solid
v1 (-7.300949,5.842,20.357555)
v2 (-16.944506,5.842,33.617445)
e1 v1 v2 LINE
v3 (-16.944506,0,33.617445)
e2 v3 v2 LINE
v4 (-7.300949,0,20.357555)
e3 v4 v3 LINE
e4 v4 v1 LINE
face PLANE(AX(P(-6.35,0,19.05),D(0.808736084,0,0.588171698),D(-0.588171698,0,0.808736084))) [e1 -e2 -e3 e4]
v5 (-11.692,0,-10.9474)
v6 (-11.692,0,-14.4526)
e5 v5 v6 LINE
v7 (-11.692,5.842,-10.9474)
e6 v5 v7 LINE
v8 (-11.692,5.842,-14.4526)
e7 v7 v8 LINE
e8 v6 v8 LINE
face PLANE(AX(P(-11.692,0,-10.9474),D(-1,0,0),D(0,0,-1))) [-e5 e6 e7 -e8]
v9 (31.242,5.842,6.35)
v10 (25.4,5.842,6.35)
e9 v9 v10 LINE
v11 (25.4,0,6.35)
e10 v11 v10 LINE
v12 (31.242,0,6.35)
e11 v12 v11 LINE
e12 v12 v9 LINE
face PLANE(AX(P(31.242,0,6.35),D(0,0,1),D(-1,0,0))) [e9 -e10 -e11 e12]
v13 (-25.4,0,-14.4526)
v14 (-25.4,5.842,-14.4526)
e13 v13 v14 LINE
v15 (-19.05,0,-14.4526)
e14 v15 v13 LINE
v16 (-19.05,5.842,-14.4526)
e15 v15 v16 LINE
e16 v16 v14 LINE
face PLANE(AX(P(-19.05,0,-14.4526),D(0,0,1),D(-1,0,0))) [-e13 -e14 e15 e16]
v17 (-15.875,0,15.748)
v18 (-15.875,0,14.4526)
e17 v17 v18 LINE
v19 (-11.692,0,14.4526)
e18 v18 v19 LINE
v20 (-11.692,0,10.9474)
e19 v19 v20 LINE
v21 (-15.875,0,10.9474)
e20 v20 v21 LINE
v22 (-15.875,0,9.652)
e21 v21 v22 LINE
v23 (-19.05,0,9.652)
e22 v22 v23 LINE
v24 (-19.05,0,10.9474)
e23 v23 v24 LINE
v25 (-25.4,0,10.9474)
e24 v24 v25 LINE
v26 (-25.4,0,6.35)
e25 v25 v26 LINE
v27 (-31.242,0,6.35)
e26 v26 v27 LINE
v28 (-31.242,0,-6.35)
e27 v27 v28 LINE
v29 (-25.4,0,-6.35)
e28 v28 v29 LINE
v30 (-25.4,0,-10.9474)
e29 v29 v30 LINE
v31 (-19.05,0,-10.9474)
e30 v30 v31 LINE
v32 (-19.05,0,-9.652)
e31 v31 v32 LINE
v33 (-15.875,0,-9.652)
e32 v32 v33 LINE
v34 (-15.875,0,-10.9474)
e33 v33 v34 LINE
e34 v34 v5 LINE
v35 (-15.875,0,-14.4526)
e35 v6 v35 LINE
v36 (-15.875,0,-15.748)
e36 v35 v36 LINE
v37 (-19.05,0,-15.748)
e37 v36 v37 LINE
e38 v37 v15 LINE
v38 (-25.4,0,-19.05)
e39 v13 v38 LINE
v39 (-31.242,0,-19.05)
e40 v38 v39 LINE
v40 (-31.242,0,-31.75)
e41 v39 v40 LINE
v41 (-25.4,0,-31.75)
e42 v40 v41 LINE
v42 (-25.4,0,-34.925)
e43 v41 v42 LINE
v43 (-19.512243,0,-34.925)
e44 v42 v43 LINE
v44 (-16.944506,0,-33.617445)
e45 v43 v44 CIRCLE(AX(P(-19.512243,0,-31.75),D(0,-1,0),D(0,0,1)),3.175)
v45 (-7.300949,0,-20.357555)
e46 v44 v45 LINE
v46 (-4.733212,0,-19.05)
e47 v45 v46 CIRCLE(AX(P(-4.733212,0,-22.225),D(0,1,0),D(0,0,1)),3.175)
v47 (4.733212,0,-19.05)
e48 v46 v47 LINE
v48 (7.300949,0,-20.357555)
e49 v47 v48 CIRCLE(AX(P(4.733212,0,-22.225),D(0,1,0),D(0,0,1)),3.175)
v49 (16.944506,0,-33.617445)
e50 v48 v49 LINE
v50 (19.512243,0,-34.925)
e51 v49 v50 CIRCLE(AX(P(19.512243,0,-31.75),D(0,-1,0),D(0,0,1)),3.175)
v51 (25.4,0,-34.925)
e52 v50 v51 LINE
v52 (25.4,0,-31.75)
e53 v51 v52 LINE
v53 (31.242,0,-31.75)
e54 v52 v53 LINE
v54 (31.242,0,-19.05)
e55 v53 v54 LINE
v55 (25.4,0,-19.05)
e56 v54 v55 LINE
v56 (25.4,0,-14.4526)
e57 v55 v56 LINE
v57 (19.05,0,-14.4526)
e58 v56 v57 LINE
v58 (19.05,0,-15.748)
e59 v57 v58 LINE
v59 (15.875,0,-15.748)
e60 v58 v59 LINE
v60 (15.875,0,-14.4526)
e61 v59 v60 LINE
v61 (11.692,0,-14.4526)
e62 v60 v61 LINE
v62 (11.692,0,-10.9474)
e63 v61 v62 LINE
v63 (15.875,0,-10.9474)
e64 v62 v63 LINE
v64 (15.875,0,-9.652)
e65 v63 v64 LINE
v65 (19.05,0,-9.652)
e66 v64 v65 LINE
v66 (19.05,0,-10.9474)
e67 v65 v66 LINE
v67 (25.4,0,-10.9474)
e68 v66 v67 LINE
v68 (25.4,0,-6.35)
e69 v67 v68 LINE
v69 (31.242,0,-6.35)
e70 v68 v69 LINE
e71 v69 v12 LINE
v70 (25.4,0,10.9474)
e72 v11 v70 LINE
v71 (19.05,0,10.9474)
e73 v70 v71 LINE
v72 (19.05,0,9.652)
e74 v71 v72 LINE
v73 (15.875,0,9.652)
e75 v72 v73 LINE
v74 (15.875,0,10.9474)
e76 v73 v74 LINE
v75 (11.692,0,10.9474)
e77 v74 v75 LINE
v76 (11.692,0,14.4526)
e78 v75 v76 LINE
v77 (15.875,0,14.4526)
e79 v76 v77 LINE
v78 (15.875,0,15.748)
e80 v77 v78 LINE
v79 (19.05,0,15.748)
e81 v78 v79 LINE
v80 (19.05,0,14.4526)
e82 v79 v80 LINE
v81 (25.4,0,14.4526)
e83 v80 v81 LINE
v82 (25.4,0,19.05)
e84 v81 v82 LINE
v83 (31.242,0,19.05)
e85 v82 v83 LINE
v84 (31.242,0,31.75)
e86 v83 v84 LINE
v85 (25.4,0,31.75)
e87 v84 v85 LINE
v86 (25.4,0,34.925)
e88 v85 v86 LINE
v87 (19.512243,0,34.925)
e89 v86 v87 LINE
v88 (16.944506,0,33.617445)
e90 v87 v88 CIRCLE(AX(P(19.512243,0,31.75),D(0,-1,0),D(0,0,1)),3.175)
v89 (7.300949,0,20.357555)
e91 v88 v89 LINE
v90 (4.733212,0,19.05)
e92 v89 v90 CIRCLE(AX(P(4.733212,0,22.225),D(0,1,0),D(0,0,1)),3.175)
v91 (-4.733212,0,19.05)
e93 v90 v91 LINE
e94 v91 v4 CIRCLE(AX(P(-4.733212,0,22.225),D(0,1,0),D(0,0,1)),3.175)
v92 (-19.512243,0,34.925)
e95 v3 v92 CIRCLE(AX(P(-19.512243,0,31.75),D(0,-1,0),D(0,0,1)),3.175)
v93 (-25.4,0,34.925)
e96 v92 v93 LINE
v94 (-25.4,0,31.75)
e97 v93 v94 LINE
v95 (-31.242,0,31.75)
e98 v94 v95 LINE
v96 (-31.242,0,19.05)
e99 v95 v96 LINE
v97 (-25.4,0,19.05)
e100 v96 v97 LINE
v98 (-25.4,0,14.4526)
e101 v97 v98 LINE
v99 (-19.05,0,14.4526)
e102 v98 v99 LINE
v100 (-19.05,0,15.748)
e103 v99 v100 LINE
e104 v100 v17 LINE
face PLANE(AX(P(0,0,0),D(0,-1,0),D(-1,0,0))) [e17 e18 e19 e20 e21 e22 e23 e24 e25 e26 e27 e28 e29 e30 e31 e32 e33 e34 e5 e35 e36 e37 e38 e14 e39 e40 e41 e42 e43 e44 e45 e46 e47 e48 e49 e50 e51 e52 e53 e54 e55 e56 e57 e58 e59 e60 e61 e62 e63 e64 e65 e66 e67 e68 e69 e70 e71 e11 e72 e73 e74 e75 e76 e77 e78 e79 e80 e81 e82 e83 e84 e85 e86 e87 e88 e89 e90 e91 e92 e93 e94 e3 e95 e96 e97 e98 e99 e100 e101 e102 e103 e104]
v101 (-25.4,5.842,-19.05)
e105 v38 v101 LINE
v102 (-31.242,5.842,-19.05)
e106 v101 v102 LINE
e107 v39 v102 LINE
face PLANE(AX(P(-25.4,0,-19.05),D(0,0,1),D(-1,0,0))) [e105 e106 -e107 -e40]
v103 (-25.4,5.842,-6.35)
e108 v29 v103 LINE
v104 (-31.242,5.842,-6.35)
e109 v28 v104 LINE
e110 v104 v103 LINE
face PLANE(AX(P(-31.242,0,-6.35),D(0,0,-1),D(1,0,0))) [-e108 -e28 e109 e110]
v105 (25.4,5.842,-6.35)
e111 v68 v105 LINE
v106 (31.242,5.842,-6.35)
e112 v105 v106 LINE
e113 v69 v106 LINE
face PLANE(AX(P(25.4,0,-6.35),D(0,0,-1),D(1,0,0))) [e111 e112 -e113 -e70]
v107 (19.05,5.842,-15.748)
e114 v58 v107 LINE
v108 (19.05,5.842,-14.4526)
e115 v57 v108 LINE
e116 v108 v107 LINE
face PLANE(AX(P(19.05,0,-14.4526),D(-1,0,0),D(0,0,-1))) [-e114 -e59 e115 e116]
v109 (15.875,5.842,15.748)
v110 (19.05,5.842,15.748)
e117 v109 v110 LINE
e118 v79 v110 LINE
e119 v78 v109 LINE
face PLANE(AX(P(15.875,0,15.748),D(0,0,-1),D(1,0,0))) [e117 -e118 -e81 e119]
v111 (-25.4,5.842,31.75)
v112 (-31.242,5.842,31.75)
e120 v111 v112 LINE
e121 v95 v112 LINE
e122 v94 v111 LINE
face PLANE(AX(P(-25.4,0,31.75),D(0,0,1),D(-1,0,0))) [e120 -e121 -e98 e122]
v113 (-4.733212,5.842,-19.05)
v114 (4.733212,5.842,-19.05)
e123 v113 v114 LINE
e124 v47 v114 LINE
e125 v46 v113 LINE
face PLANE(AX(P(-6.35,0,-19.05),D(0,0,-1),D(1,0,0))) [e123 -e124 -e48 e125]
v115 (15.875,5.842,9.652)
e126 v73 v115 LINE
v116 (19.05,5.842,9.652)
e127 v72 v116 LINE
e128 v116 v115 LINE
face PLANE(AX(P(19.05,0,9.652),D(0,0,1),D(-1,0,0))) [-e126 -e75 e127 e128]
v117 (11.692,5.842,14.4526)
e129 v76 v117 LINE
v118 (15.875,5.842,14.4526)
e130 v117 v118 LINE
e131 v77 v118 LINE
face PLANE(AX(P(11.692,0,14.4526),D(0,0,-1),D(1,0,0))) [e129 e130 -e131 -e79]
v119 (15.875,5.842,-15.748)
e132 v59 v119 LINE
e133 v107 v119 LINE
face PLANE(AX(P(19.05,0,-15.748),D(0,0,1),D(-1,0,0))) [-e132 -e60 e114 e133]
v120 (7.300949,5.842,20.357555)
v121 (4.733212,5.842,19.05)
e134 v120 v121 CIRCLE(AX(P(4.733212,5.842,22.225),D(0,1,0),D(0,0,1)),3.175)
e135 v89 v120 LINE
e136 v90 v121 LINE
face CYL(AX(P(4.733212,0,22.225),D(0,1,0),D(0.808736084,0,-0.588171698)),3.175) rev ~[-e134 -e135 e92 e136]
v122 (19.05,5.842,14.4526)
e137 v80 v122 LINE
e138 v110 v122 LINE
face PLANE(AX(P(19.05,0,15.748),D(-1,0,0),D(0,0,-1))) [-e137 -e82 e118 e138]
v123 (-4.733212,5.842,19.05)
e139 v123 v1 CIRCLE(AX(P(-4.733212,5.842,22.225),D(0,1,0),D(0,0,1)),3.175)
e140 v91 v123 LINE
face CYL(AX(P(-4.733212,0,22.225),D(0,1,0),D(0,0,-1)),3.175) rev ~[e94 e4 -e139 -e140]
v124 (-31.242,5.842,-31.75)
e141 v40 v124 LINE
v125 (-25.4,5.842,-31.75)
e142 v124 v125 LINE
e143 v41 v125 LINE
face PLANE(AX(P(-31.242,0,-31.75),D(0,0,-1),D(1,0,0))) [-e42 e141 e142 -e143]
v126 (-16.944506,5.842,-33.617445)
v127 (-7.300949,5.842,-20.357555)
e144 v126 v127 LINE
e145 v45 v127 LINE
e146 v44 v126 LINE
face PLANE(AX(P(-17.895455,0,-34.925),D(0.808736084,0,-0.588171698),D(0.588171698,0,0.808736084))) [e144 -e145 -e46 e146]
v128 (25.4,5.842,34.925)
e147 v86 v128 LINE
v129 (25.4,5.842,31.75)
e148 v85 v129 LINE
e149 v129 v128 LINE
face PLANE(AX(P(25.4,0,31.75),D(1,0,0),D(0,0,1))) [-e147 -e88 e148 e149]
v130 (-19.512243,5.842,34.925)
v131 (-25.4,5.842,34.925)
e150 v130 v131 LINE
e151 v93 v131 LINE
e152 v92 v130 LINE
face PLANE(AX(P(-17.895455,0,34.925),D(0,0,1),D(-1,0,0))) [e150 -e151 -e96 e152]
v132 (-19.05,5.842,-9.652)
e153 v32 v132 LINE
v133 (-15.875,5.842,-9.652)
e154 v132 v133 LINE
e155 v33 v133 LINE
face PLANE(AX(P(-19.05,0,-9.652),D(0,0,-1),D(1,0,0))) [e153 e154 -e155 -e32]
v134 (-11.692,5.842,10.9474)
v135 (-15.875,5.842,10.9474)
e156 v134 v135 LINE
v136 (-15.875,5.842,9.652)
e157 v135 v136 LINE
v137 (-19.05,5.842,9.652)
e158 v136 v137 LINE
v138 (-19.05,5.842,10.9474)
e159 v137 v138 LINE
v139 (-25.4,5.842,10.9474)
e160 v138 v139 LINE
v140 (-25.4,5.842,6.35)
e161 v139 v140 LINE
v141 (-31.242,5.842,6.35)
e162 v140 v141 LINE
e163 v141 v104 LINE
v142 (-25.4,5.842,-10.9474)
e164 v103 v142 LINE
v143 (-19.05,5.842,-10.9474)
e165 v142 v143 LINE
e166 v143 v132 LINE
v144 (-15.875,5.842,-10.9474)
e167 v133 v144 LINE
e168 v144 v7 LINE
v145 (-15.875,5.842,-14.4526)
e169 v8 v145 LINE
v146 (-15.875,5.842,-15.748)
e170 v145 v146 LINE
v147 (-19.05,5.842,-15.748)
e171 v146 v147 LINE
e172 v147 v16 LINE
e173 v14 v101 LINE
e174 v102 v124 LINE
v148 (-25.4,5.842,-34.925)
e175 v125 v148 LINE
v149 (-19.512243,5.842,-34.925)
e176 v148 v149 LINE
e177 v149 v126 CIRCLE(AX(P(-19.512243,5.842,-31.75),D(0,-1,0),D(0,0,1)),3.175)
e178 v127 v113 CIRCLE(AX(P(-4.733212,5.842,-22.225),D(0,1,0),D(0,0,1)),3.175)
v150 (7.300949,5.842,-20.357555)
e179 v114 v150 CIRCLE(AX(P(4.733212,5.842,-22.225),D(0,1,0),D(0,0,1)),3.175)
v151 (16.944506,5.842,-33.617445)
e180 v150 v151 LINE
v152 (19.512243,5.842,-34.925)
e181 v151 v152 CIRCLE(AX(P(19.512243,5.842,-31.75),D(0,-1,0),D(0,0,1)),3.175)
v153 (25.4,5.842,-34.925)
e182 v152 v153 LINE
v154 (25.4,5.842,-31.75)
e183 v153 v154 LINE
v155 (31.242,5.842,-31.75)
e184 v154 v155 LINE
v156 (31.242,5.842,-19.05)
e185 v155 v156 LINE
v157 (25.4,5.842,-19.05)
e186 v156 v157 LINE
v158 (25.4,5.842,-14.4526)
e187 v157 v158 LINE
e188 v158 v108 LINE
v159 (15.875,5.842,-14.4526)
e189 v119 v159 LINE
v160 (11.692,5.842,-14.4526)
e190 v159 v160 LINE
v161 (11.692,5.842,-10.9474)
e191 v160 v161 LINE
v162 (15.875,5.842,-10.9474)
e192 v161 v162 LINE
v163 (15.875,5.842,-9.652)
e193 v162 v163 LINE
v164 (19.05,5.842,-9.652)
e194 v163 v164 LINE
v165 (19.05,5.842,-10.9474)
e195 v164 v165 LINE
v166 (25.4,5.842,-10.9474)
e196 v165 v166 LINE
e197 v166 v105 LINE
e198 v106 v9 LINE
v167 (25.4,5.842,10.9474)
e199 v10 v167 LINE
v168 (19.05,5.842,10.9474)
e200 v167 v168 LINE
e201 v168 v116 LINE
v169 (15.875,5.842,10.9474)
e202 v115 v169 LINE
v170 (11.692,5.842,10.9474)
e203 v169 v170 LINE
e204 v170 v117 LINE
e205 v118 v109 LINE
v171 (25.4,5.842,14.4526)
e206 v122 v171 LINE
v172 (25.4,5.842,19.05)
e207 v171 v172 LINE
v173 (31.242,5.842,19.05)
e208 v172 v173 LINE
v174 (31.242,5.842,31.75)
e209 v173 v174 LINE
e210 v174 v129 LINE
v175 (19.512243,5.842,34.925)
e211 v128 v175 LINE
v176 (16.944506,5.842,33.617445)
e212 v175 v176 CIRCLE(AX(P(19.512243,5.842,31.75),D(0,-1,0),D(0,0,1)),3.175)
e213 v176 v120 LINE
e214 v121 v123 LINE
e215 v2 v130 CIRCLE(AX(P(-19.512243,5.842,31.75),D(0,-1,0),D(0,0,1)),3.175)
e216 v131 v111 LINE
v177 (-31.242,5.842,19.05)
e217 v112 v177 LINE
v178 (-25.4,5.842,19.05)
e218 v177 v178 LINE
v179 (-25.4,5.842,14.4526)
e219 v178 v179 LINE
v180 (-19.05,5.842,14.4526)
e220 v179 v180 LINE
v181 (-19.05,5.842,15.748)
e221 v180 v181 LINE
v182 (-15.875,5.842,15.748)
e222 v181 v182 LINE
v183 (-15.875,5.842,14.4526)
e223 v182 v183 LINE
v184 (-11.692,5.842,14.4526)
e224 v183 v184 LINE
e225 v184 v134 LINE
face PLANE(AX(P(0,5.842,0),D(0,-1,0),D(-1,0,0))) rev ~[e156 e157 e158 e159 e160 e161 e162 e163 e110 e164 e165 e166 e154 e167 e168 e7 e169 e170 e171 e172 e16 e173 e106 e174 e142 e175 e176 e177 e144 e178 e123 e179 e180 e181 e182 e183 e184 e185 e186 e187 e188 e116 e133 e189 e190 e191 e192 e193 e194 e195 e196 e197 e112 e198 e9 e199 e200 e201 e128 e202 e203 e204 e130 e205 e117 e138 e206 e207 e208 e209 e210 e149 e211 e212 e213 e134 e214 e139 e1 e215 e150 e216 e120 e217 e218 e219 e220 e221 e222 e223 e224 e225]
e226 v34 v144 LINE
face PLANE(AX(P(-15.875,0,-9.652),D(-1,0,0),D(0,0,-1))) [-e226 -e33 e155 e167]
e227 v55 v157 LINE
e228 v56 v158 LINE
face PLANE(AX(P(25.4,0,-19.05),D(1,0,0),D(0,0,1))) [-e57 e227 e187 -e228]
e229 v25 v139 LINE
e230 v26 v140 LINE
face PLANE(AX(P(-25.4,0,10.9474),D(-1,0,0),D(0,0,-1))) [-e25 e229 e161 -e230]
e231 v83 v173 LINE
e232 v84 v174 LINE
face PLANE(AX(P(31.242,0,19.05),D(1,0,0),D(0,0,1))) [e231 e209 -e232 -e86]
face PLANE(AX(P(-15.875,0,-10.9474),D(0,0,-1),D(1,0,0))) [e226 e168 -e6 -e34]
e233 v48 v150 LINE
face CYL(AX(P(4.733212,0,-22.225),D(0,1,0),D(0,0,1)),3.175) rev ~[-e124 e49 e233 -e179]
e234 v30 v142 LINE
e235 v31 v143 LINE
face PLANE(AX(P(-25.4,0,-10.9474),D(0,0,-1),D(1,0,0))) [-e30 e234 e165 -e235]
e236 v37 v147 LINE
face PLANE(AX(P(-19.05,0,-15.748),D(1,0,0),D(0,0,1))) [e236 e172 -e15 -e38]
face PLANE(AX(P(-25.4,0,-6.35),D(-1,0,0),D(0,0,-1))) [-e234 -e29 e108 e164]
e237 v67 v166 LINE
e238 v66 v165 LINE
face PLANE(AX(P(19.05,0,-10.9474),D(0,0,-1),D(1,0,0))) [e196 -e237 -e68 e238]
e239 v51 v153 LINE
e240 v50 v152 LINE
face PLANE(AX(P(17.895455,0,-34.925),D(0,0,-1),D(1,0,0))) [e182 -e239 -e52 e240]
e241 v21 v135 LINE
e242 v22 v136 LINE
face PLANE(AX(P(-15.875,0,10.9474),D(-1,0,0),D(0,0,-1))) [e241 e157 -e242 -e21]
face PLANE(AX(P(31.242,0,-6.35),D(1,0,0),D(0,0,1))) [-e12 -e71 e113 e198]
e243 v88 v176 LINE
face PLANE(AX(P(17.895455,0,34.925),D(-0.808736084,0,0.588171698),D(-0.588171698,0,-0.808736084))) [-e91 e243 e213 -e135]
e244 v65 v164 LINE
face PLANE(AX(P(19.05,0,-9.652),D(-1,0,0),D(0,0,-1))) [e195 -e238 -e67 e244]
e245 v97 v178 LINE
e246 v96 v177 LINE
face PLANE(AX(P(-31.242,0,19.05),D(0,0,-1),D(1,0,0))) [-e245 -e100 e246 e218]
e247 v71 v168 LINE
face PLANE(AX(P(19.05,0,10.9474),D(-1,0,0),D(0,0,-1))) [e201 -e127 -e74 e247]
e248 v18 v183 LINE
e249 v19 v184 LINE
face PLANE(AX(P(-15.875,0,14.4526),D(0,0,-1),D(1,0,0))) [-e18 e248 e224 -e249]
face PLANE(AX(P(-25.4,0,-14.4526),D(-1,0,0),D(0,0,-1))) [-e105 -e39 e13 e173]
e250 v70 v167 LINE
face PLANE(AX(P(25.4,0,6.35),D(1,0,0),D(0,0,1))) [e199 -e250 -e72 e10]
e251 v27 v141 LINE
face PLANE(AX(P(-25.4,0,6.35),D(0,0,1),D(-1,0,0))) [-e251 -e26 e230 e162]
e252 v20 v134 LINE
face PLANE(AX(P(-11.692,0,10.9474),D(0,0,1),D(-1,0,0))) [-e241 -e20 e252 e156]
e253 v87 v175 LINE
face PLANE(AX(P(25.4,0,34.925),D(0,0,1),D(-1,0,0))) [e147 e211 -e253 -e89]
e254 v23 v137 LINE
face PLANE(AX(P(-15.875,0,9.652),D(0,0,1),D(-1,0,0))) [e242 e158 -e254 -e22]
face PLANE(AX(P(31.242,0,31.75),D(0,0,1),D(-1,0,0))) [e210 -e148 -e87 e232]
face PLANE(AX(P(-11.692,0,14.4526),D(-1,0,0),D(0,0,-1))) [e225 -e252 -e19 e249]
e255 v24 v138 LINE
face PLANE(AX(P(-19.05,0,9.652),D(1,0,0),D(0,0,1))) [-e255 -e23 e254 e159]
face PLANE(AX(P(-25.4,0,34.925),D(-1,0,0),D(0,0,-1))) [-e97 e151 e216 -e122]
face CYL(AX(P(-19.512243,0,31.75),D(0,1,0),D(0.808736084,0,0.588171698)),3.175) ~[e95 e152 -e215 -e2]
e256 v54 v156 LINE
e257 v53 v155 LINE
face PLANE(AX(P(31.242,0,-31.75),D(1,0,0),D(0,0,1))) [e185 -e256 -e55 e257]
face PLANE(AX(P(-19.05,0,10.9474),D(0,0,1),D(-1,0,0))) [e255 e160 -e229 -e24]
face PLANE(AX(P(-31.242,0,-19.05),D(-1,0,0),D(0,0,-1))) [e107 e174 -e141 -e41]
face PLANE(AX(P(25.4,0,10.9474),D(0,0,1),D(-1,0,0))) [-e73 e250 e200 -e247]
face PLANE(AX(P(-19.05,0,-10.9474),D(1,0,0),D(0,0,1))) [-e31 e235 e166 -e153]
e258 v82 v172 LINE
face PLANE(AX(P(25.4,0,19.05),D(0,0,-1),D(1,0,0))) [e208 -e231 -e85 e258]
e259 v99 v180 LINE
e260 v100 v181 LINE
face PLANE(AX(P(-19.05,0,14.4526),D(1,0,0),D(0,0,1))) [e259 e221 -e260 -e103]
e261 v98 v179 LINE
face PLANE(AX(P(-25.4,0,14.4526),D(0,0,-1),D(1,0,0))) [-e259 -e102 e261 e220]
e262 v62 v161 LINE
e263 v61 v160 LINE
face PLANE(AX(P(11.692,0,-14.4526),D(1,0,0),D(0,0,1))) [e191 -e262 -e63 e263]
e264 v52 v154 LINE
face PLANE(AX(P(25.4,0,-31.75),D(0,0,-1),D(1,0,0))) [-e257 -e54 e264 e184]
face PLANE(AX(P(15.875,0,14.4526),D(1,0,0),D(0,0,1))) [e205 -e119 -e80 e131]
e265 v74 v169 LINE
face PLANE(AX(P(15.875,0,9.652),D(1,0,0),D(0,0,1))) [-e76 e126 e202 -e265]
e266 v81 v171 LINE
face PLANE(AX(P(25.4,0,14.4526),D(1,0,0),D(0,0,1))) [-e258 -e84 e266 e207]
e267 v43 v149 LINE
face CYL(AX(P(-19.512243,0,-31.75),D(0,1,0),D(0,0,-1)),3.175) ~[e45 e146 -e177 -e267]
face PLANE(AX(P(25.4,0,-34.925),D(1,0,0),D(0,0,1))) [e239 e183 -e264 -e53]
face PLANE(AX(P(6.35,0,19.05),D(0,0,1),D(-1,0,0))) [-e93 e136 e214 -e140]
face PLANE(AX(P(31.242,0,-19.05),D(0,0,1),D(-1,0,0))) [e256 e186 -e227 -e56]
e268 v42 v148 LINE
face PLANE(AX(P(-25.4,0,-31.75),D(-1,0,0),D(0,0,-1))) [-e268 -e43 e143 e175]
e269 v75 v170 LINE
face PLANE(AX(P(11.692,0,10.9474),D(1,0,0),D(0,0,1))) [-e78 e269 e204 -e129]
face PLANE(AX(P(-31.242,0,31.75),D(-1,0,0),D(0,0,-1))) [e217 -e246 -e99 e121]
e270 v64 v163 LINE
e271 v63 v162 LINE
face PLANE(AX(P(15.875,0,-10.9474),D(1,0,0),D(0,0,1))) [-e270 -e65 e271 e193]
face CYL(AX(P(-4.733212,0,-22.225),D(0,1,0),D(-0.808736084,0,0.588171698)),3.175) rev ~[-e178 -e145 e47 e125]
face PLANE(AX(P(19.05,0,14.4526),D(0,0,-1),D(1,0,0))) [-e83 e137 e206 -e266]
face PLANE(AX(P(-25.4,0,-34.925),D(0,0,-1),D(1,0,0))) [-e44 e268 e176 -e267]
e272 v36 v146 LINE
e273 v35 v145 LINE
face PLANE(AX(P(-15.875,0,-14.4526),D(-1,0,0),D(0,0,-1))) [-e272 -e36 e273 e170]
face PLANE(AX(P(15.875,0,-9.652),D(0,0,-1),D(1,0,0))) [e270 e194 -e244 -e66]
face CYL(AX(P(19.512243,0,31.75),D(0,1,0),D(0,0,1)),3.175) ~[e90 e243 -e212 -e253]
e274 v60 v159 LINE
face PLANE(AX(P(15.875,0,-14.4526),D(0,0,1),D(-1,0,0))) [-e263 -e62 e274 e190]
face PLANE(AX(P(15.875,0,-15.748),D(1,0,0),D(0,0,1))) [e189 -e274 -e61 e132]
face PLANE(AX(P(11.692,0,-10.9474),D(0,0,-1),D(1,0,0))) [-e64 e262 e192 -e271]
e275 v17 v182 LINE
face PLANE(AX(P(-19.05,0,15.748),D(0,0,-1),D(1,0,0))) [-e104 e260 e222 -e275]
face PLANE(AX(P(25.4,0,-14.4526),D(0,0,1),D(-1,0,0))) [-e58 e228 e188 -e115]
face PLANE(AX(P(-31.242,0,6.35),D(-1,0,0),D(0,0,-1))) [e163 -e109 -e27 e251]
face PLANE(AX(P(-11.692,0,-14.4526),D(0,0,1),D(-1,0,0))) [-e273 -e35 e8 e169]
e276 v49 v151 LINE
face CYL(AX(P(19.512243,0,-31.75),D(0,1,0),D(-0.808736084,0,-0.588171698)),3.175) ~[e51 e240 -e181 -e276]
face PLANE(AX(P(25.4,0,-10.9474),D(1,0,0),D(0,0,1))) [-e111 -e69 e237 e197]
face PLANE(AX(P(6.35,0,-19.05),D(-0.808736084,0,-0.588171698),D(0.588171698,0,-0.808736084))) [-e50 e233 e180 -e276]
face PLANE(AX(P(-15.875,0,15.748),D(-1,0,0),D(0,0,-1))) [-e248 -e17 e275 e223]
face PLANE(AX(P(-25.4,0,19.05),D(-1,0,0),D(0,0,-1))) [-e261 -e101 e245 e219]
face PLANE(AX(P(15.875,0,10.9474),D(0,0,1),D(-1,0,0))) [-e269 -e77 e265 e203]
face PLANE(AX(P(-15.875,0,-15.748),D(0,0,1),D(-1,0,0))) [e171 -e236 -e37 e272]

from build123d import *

# Parameters (mm, degrees)
BOSS_EXTRUDE1_DEPTH = 5.842
FILLET1_R           = 3.175


with BuildPart() as part:
    # Sketch1 → Boss-Extrude1 (new body)
    with BuildSketch(Plane(origin=(0, 0, 0), x_dir=(1, 0, 0), z_dir=(0, 1, 0))):
        Polygon((25.4, -34.925), (17.895454545, -34.925), (6.35, -19.05), (-6.35, -19.05), (-17.895454545, -34.925), (-25.4, -34.925), (-25.4, -31.75), (-31.242, -31.75), (-31.242, -19.05), (-25.4, -19.05), (-25.4, -14.4526), (-19.05, -14.4526), (-19.05, -15.748), (-15.875, -15.748), (-15.875, -14.4526), (-11.692, -14.4526), (-11.692, -10.9474), (-15.875, -10.9474), (-15.875, -9.652), (-19.05, -9.652), (-19.05, -10.9474), (-25.4, -10.9474), (-25.4, -6.35), (-31.242, -6.35), (-31.242, 6.35), (-25.4, 6.35), (-25.4, 10.9474), (-19.05, 10.9474), (-19.05, 9.652), (-15.875, 9.652), (-15.875, 10.9474), (-11.692, 10.9474), (-11.692, 14.4526), (-15.875, 14.4526), (-15.875, 15.748), (-19.05, 15.748), (-19.05, 14.4526), (-25.4, 14.4526), (-25.4, 19.05), (-31.242, 19.05), (-31.242, 31.75), (-25.4, 31.75), (-25.4, 34.925), (-17.895454545, 34.925), (-6.35, 19.05), (6.35, 19.05), (17.895454545, 34.925), (25.4, 34.925), (25.4, 31.75), (31.242, 31.75), (31.242, 19.05), (25.4, 19.05), (25.4, 14.4526), (19.05, 14.4526), (19.05, 15.748), (15.875, 15.748), (15.875, 14.4526), (11.692, 14.4526), (11.692, 10.9474), (15.875, 10.9474), (15.875, 9.652), (19.05, 9.652), (19.05, 10.9474), (25.4, 10.9474), (25.4, 6.35), (31.242, 6.35), (31.242, -6.35), (25.4, -6.35), (25.4, -10.9474), (19.05, -10.9474), (19.05, -9.652), (15.875, -9.652), (15.875, -10.9474), (11.692, -10.9474), (11.692, -14.4526), (15.875, -14.4526), (15.875, -15.748), (19.05, -15.748), (19.05, -14.4526), (25.4, -14.4526), (25.4, -19.05), (31.242, -19.05), (31.242, -31.75), (25.4, -31.75), align=None)
    extrude(amount=BOSS_EXTRUDE1_DEPTH)

    # Fillet1
    fillet1_edges = [part.edges().sort_by_distance(p)[0] for p in [
        (-17.895454545, 2.921, -34.925),
        (-6.35, 2.921, -19.05),
        (6.35, 2.921, -19.05),
        (17.895454545, 2.921, -34.925),
        (17.895454545, 2.921, 34.925),
        (6.35, 2.921, 19.05),
        (-6.35, 2.921, 19.05),
        (-17.895454545, 2.921, 34.925),
    ]]
    fillet(fillet1_edges, radius=FILLET1_R)


solid = part.part
